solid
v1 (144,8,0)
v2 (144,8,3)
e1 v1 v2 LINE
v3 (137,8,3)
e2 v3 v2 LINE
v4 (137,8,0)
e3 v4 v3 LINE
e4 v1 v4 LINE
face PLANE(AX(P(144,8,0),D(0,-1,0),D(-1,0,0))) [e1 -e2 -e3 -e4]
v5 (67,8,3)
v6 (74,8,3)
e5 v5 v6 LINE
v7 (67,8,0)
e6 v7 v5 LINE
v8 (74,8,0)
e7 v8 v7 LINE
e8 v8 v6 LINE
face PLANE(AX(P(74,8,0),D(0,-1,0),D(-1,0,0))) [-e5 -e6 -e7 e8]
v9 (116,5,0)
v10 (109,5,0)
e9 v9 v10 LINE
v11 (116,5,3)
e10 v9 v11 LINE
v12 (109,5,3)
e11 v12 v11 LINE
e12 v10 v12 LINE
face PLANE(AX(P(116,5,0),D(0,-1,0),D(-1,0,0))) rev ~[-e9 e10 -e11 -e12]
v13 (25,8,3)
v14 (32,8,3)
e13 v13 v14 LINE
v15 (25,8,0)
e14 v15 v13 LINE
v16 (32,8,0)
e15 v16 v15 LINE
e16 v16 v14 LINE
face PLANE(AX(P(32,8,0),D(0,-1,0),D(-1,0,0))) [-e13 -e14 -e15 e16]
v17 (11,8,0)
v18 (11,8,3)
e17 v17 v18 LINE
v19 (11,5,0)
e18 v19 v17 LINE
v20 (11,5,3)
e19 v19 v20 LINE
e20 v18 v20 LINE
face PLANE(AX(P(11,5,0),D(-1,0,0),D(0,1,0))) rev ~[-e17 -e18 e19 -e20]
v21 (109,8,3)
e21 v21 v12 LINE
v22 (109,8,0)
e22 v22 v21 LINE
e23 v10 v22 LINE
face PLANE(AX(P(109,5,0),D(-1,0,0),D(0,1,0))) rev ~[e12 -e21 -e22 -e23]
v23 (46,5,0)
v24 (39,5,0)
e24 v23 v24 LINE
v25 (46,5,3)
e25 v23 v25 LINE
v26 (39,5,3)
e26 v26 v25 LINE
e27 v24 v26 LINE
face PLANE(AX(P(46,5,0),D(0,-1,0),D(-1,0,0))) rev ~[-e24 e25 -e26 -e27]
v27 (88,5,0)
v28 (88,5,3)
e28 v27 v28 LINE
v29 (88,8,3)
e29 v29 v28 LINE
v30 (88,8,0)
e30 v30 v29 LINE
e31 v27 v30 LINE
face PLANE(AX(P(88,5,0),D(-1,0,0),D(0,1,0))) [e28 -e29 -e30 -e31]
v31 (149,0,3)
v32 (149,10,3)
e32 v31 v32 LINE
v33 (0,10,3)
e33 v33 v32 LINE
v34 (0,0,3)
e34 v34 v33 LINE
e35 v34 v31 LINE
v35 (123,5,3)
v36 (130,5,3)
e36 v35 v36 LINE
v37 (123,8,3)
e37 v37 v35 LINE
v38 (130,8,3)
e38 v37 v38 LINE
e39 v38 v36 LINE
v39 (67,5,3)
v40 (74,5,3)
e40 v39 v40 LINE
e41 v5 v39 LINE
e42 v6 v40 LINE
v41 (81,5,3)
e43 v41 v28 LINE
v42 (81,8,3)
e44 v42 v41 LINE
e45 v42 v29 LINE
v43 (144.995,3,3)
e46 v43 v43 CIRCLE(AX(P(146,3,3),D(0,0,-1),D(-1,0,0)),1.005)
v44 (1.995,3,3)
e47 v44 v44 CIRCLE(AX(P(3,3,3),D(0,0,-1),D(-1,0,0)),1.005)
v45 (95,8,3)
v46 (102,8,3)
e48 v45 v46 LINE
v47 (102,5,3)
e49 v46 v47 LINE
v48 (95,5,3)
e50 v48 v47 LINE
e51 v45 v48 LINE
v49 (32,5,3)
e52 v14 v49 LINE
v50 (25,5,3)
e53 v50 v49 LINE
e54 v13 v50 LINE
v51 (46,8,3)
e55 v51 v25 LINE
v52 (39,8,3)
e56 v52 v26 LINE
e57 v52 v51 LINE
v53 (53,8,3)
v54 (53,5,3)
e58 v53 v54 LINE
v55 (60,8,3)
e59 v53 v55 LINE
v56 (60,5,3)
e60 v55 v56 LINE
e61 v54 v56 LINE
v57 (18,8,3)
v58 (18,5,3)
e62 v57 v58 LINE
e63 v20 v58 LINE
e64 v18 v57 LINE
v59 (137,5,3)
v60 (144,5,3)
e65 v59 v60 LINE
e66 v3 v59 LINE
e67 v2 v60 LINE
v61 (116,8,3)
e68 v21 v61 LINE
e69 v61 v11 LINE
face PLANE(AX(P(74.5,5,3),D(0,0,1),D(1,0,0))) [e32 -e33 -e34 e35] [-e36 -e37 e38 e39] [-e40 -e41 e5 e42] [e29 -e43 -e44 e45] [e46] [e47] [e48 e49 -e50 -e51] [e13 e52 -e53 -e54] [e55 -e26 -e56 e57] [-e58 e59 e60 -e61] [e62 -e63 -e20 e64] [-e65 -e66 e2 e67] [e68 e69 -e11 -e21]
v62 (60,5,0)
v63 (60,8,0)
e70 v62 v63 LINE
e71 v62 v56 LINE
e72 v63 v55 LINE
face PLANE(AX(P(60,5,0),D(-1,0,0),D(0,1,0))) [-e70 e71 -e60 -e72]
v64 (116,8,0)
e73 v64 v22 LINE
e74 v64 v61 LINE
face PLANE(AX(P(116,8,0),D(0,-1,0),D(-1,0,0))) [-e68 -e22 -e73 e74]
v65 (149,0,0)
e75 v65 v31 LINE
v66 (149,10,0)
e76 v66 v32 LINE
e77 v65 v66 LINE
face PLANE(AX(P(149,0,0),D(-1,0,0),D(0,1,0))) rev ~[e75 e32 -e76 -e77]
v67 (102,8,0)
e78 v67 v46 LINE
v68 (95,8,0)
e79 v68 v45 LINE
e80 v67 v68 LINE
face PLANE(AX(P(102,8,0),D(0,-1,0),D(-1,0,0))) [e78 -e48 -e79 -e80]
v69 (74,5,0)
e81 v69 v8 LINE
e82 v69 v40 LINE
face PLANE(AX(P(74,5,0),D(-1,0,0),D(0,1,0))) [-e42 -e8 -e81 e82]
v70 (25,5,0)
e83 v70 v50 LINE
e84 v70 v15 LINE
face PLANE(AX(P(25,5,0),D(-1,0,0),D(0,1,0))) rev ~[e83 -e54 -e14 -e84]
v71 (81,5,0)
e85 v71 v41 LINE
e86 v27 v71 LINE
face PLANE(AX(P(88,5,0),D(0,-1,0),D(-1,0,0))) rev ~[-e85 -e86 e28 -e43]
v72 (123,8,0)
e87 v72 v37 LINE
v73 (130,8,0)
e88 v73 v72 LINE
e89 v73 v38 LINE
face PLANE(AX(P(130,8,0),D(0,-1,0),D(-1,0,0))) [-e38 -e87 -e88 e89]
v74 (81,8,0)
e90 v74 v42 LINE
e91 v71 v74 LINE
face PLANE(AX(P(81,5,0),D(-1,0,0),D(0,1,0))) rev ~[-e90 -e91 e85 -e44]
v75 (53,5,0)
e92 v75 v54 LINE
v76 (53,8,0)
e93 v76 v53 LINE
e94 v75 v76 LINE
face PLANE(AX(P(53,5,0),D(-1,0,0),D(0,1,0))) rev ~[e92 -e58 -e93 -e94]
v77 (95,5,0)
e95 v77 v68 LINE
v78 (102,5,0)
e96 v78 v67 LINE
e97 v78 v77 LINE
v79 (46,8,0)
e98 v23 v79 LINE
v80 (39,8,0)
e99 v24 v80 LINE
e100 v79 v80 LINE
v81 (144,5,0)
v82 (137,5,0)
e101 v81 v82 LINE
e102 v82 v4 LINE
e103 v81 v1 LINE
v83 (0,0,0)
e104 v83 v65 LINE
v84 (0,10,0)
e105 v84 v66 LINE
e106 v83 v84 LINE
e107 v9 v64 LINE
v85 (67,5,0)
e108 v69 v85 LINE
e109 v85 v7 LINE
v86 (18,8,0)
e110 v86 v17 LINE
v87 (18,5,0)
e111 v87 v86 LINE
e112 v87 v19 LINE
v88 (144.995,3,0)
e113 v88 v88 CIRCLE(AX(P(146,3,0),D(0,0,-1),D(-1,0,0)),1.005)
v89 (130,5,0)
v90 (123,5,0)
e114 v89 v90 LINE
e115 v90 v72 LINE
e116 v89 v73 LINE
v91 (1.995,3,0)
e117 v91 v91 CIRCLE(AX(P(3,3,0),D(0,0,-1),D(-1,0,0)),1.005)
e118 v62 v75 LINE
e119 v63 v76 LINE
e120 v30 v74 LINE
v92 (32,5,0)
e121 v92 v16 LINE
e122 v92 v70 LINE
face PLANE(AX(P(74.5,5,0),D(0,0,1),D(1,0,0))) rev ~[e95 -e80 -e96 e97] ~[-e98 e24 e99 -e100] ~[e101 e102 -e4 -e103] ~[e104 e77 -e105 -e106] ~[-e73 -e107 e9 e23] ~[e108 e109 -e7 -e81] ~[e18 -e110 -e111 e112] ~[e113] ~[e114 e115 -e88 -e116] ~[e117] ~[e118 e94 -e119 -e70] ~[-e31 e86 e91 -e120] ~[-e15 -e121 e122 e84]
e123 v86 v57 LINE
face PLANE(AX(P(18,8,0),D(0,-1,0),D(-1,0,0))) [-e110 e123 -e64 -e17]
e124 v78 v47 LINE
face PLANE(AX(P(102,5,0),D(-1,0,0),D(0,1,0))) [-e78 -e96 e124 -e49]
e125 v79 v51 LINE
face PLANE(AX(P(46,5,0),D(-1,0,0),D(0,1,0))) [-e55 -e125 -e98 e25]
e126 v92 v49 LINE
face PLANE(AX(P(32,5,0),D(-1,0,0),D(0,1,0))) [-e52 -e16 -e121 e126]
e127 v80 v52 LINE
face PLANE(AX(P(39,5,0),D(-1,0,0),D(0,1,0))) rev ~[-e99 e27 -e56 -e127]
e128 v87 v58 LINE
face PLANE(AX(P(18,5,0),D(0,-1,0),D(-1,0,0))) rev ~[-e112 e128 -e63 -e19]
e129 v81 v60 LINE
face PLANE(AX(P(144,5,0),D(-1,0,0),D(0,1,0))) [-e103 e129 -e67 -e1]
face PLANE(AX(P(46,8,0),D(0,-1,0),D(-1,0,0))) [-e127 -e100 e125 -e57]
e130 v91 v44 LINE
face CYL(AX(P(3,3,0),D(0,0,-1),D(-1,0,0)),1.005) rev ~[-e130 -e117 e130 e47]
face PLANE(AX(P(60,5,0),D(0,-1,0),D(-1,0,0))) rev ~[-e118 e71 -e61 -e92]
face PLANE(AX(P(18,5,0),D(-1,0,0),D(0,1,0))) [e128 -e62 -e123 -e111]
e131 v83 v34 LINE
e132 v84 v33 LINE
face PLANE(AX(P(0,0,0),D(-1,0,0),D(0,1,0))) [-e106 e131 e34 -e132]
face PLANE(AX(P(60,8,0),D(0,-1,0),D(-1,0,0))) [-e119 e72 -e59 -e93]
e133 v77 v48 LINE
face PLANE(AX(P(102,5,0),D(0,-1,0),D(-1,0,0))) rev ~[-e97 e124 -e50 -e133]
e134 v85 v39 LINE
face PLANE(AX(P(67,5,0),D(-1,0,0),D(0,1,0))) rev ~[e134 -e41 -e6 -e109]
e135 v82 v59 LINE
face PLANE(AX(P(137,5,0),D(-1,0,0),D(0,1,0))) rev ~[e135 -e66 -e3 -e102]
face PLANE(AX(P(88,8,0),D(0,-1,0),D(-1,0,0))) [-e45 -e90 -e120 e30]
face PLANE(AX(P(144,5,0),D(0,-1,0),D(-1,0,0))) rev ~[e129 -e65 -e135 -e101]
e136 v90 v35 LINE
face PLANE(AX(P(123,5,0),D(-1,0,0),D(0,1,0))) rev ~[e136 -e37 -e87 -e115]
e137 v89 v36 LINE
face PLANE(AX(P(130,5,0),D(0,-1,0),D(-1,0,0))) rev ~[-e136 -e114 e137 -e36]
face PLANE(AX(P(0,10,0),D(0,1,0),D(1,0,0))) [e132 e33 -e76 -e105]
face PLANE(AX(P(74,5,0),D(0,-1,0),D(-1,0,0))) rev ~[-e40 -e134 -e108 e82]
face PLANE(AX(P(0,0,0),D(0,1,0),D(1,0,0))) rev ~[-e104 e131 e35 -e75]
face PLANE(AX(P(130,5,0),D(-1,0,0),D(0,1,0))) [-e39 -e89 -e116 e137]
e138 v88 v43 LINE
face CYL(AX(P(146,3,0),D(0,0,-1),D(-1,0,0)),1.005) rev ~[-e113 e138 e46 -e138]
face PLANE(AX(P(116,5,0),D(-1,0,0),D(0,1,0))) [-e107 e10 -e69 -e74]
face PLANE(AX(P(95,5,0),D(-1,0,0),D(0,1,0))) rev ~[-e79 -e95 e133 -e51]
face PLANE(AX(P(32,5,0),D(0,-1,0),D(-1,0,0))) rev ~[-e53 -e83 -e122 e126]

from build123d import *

# Parameters (mm, degrees)
ESQUISSE1_W             = 149
ESQUISSE1_H             = 10
BOSS_EXTRU_1_DEPTH      = 3
ESQUISSE2_R             = 1.005
ESQUISSE2_W             = 7
ESQUISSE2_H             = 3
ENL_V_MAT_EXTRU_1_DEPTH = 150.365323954


with BuildPart() as part:
    # Esquisse1 → Boss.-Extru.1 (new body)
    with BuildSketch(Plane.XY):
        with Locations((74.5, 5)):
            Rectangle(ESQUISSE1_W, ESQUISSE1_H)
    extrude(amount=BOSS_EXTRU_1_DEPTH)

    # Esquisse2 → Enlèv. mat.-Extru.1 (cut, through all)
    with BuildSketch(Plane(origin=(0, 0, 0), x_dir=(-1, 0, 0), z_dir=(0, 0, -1))):
        with Locations((-3, 3)):
            Circle(ESQUISSE2_R)
        with Locations((-146, 3)):
            Circle(ESQUISSE2_R)
        with Locations((-140.5, 6.5)):
            Rectangle(ESQUISSE2_W, ESQUISSE2_H)
        with Locations((-126.5, 6.5)):
            Rectangle(ESQUISSE2_W, ESQUISSE2_H)
        with Locations((-112.5, 6.5)):
            Rectangle(ESQUISSE2_W, ESQUISSE2_H)
        with Locations((-98.5, 6.5)):
            Rectangle(ESQUISSE2_W, ESQUISSE2_H)
        with Locations((-84.5, 6.5)):
            Rectangle(ESQUISSE2_W, ESQUISSE2_H)
        with Locations((-70.5, 6.5)):
            Rectangle(ESQUISSE2_W, ESQUISSE2_H)
        with Locations((-56.5, 6.5)):
            Rectangle(ESQUISSE2_W, ESQUISSE2_H)
        with Locations((-42.5, 6.5)):
            Rectangle(ESQUISSE2_W, ESQUISSE2_H)
        with Locations((-28.5, 6.5)):
            Rectangle(ESQUISSE2_W, ESQUISSE2_H)
        with Locations((-14.5, 6.5)):
            Rectangle(ESQUISSE2_W, ESQUISSE2_H)
    extrude(amount=-ENL_V_MAT_EXTRU_1_DEPTH, mode=Mode.SUBTRACT)


solid = part.part
